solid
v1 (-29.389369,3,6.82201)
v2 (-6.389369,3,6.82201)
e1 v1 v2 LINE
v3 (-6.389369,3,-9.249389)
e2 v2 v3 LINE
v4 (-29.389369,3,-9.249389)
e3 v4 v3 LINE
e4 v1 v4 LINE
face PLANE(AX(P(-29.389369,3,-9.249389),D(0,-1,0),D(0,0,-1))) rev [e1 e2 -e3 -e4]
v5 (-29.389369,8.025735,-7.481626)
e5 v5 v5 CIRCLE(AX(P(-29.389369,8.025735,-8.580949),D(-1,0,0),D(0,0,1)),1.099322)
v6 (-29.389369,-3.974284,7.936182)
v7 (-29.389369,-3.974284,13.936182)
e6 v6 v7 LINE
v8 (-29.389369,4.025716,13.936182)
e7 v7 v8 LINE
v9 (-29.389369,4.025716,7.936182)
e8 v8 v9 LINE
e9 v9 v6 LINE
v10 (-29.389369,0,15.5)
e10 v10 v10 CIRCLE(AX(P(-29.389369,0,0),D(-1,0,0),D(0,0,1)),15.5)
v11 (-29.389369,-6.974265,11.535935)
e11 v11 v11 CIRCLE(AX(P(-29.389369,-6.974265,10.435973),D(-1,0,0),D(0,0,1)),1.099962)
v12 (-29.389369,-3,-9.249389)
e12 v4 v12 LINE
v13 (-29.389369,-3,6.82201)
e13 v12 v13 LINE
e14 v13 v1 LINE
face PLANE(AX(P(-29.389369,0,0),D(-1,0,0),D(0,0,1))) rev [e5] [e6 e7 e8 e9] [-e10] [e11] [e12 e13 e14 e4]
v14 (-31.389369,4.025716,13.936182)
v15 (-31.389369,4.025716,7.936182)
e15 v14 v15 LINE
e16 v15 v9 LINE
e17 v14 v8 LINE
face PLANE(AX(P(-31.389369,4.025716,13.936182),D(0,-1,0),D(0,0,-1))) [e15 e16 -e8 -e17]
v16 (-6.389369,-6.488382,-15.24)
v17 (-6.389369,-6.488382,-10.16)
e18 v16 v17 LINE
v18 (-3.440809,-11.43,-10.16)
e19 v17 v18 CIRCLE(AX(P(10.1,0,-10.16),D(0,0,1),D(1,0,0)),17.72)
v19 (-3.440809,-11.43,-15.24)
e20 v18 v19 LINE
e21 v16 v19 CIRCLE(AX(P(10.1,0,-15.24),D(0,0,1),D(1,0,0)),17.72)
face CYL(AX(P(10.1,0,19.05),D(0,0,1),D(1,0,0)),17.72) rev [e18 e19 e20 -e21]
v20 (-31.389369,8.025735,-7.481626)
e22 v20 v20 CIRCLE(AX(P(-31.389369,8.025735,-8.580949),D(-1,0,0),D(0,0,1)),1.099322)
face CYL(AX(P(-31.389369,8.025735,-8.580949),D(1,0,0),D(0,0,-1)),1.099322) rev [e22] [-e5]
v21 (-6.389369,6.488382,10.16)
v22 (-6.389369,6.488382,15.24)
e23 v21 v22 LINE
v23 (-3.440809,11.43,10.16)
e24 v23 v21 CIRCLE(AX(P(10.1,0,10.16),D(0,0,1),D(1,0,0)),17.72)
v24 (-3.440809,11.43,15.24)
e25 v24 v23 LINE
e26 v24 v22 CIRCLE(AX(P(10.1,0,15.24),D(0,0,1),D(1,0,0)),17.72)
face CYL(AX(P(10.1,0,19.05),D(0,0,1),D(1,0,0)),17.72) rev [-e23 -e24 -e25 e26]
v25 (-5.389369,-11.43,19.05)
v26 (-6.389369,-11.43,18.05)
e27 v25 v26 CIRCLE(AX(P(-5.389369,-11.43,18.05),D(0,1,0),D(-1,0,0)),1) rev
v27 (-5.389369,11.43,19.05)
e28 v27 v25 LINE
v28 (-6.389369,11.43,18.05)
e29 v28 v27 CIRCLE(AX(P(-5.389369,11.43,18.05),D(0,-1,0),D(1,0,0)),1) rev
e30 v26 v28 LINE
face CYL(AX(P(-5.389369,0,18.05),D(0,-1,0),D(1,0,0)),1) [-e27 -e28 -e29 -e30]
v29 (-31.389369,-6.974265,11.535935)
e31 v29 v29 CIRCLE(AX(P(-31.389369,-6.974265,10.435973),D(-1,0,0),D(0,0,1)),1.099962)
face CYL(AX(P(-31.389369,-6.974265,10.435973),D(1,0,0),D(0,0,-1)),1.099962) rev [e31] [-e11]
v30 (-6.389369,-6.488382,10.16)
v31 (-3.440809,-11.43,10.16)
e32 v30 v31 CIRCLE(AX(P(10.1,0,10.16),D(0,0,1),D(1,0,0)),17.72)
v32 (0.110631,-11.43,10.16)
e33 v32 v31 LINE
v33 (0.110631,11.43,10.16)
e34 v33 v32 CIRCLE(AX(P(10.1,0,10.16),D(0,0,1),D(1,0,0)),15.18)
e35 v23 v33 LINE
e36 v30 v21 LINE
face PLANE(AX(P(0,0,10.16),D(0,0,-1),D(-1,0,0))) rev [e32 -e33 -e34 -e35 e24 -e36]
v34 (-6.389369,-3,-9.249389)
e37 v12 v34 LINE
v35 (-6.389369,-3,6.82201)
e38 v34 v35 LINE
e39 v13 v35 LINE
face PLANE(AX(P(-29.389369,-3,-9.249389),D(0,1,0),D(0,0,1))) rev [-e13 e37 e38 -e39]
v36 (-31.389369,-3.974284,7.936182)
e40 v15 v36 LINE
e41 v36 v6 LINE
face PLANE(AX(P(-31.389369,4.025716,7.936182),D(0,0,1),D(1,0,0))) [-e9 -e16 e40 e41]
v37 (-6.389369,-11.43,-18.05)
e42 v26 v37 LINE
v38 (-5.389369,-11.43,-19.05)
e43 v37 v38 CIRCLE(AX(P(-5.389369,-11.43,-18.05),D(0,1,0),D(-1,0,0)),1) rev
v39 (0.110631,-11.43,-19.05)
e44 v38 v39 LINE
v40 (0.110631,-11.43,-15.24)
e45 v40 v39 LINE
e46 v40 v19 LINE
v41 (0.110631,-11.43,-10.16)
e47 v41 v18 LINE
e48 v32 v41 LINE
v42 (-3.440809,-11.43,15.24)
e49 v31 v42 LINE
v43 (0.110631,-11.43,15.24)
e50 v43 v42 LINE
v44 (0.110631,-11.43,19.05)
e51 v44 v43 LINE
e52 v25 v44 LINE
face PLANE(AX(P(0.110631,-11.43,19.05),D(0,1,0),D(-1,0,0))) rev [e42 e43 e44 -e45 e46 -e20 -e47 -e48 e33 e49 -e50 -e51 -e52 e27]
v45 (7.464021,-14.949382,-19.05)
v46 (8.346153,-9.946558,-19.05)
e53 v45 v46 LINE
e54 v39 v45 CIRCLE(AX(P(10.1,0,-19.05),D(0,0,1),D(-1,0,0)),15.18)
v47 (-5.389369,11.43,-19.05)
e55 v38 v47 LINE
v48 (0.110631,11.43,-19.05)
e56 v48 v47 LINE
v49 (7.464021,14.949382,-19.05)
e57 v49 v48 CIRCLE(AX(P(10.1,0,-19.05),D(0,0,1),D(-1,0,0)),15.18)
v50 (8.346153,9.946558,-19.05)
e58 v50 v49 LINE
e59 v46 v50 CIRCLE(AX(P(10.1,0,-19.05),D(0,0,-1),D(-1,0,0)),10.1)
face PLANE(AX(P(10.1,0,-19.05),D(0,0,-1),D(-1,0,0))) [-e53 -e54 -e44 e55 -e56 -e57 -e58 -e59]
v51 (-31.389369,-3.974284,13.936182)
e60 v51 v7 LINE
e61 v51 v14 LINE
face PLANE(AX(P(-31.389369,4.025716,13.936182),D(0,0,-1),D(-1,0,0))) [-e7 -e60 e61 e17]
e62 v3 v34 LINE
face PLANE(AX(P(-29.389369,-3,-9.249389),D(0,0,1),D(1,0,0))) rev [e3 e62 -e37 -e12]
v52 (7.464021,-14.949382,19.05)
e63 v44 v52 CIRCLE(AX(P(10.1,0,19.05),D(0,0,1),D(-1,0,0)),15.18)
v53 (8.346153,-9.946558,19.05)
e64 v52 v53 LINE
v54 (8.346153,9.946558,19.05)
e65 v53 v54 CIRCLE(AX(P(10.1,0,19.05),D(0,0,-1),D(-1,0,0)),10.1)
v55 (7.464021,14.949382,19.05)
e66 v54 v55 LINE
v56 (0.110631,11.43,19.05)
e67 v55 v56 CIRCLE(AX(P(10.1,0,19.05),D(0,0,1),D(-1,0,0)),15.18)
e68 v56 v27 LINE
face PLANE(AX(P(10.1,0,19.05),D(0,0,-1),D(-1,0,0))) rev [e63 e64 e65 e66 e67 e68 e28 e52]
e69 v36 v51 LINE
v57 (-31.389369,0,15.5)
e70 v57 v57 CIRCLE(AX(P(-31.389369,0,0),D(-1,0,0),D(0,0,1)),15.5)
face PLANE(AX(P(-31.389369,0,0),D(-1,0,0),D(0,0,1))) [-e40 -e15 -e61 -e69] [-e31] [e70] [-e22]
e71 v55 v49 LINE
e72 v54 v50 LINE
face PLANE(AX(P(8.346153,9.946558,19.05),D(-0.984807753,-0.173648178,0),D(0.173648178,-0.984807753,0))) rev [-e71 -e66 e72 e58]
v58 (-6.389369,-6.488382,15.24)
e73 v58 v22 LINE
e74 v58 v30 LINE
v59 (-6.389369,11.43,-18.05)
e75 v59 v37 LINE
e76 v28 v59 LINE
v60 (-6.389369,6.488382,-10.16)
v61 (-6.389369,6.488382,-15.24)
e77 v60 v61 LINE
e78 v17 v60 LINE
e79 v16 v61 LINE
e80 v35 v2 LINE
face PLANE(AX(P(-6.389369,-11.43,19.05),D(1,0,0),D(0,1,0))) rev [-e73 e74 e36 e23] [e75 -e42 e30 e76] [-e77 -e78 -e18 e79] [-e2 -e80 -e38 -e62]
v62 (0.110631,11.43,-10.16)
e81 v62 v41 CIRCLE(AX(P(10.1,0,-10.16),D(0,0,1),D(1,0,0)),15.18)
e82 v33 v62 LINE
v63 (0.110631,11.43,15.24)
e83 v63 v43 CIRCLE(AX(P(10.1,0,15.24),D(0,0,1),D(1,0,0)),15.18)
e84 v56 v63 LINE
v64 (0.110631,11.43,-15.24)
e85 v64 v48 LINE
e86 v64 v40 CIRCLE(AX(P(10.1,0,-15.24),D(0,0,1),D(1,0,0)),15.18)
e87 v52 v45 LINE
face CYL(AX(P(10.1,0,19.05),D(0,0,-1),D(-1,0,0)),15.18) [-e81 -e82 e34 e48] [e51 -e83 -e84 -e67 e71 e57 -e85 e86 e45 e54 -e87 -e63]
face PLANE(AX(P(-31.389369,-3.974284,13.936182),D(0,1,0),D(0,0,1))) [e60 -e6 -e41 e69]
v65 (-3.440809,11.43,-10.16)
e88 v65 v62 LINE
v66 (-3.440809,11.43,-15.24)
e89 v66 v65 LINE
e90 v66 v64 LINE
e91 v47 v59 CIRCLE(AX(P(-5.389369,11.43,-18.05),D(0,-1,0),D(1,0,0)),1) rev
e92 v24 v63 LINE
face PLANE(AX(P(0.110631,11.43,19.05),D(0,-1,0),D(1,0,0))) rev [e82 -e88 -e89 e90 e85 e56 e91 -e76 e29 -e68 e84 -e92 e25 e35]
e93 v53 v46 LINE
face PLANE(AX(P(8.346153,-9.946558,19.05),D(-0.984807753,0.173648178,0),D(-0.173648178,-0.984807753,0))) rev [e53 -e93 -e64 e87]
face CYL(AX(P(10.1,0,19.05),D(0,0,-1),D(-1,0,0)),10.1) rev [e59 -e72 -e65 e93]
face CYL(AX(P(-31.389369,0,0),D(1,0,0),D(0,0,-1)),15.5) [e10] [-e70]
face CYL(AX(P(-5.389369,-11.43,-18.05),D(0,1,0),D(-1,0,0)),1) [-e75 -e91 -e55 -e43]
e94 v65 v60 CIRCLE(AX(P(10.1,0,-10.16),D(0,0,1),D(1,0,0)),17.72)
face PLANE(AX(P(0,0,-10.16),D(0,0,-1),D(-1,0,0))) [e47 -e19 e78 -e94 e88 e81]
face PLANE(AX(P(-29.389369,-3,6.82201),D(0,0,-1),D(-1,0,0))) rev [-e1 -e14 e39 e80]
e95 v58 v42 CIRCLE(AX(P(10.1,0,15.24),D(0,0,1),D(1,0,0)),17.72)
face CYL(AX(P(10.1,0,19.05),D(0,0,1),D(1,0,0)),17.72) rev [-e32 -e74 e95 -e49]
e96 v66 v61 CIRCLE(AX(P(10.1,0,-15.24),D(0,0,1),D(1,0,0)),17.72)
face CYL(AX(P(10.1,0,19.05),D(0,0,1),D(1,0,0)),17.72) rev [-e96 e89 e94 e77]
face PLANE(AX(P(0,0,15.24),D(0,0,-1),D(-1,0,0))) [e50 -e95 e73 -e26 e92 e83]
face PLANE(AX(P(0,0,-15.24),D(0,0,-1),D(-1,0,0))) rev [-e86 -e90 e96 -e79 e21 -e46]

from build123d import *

# Parameters (mm, degrees)
BOSS_EXTRUDE1_DEPTH = 19.05
SKETCH6_W           = 16.071399664
SKETCH6_H           = 6
BOSS_EXTRUDE3_DEPTH = 23
SKETCH3_W           = 2.54
SKETCH3_H           = 5.08
SKETCH4_R           = 15.5
SKETCH4_R_2         = 1.099962386
SKETCH4_R_3         = 1.0993224
SKETCH4_W           = 8
SKETCH4_H           = 6
BOSS_EXTRUDE2_DEPTH = 2
FILLET1_R           = 1


with BuildPart() as part:
    # Sketch1 → Boss-Extrude1 (new body, symmetric)
    with BuildSketch(Plane.XY):
        with BuildLine():
            Line((8.346153406, -9.946558305), (7.464020663, -14.949381691))
            ThreePointArc((7.464020663, -14.949381691), (3.546652059, -13.692553844), (0.110630651, -11.43))
            Line((0.110630651, -11.43), (-6.389369349, -11.43))
            Line((-6.389369349, -11.43), (-6.389369349, 11.43))
            Line((-6.389369349, 11.43), (0.110630651, 11.43))
            ThreePointArc((0.110630651, 11.43), (3.546652059, 13.692553844), (7.464020663, 14.949381691))
            Line((7.464020663, 14.949381691), (8.346153406, 9.946558305))
            ThreePointArc((8.346153406, 9.946558305), (0, 0), (8.346153406, -9.946558305))
        make_face()
    extrude(amount=BOSS_EXTRUDE1_DEPTH, both=True)

    # Sketch6 → Boss-Extrude3 (add)
    with BuildSketch(Plane.ZY.offset(6.389369349)):
        with Locations((-1.213689559, 0)):
            Rectangle(SKETCH6_W, SKETCH6_H)
    extrude(amount=BOSS_EXTRUDE3_DEPTH)

    # Sketch3 → Cut-Revolve1 (revolve, cut)
    with BuildSketch(Plane(origin=(0, 0, 0), x_dir=(1, 0, 0), z_dir=(0, 1, 0))):
        with Locations((-6.35, 12.7)):
            Rectangle(SKETCH3_W, SKETCH3_H)
        with Locations((-6.35, -12.7)):
            Rectangle(SKETCH3_W, SKETCH3_H)
    revolve(axis=Axis((10.1, 0, 19.05), (0, 0, -1)), mode=Mode.SUBTRACT)

    # Sketch4 → Boss-Extrude2 (add)
    with BuildSketch(Plane(origin=(-29.389369349, 0, 0), x_dir=(0, -1, 0), z_dir=(-1, 0, 0))):
        Circle(SKETCH4_R)
        with Locations((6.97426488, 10.435972737)):
            Circle(SKETCH4_R_2, mode=Mode.SUBTRACT)
        with Locations((-8.02573512, -8.580948715)):
            Circle(SKETCH4_R_3, mode=Mode.SUBTRACT)
        with Locations((-0.025715642, 10.93618237)):
            Rectangle(SKETCH4_W, SKETCH4_H, mode=Mode.SUBTRACT)
    extrude(amount=BOSS_EXTRUDE2_DEPTH)

    # Fillet1
    fillet1_edges = [part.edges().sort_by_distance(p)[0] for p in [
        (-6.389369349, 0, 19.05),
        (-6.389369349, 0, -19.05),
    ]]
    fillet(fillet1_edges, radius=FILLET1_R)


solid = part.part
